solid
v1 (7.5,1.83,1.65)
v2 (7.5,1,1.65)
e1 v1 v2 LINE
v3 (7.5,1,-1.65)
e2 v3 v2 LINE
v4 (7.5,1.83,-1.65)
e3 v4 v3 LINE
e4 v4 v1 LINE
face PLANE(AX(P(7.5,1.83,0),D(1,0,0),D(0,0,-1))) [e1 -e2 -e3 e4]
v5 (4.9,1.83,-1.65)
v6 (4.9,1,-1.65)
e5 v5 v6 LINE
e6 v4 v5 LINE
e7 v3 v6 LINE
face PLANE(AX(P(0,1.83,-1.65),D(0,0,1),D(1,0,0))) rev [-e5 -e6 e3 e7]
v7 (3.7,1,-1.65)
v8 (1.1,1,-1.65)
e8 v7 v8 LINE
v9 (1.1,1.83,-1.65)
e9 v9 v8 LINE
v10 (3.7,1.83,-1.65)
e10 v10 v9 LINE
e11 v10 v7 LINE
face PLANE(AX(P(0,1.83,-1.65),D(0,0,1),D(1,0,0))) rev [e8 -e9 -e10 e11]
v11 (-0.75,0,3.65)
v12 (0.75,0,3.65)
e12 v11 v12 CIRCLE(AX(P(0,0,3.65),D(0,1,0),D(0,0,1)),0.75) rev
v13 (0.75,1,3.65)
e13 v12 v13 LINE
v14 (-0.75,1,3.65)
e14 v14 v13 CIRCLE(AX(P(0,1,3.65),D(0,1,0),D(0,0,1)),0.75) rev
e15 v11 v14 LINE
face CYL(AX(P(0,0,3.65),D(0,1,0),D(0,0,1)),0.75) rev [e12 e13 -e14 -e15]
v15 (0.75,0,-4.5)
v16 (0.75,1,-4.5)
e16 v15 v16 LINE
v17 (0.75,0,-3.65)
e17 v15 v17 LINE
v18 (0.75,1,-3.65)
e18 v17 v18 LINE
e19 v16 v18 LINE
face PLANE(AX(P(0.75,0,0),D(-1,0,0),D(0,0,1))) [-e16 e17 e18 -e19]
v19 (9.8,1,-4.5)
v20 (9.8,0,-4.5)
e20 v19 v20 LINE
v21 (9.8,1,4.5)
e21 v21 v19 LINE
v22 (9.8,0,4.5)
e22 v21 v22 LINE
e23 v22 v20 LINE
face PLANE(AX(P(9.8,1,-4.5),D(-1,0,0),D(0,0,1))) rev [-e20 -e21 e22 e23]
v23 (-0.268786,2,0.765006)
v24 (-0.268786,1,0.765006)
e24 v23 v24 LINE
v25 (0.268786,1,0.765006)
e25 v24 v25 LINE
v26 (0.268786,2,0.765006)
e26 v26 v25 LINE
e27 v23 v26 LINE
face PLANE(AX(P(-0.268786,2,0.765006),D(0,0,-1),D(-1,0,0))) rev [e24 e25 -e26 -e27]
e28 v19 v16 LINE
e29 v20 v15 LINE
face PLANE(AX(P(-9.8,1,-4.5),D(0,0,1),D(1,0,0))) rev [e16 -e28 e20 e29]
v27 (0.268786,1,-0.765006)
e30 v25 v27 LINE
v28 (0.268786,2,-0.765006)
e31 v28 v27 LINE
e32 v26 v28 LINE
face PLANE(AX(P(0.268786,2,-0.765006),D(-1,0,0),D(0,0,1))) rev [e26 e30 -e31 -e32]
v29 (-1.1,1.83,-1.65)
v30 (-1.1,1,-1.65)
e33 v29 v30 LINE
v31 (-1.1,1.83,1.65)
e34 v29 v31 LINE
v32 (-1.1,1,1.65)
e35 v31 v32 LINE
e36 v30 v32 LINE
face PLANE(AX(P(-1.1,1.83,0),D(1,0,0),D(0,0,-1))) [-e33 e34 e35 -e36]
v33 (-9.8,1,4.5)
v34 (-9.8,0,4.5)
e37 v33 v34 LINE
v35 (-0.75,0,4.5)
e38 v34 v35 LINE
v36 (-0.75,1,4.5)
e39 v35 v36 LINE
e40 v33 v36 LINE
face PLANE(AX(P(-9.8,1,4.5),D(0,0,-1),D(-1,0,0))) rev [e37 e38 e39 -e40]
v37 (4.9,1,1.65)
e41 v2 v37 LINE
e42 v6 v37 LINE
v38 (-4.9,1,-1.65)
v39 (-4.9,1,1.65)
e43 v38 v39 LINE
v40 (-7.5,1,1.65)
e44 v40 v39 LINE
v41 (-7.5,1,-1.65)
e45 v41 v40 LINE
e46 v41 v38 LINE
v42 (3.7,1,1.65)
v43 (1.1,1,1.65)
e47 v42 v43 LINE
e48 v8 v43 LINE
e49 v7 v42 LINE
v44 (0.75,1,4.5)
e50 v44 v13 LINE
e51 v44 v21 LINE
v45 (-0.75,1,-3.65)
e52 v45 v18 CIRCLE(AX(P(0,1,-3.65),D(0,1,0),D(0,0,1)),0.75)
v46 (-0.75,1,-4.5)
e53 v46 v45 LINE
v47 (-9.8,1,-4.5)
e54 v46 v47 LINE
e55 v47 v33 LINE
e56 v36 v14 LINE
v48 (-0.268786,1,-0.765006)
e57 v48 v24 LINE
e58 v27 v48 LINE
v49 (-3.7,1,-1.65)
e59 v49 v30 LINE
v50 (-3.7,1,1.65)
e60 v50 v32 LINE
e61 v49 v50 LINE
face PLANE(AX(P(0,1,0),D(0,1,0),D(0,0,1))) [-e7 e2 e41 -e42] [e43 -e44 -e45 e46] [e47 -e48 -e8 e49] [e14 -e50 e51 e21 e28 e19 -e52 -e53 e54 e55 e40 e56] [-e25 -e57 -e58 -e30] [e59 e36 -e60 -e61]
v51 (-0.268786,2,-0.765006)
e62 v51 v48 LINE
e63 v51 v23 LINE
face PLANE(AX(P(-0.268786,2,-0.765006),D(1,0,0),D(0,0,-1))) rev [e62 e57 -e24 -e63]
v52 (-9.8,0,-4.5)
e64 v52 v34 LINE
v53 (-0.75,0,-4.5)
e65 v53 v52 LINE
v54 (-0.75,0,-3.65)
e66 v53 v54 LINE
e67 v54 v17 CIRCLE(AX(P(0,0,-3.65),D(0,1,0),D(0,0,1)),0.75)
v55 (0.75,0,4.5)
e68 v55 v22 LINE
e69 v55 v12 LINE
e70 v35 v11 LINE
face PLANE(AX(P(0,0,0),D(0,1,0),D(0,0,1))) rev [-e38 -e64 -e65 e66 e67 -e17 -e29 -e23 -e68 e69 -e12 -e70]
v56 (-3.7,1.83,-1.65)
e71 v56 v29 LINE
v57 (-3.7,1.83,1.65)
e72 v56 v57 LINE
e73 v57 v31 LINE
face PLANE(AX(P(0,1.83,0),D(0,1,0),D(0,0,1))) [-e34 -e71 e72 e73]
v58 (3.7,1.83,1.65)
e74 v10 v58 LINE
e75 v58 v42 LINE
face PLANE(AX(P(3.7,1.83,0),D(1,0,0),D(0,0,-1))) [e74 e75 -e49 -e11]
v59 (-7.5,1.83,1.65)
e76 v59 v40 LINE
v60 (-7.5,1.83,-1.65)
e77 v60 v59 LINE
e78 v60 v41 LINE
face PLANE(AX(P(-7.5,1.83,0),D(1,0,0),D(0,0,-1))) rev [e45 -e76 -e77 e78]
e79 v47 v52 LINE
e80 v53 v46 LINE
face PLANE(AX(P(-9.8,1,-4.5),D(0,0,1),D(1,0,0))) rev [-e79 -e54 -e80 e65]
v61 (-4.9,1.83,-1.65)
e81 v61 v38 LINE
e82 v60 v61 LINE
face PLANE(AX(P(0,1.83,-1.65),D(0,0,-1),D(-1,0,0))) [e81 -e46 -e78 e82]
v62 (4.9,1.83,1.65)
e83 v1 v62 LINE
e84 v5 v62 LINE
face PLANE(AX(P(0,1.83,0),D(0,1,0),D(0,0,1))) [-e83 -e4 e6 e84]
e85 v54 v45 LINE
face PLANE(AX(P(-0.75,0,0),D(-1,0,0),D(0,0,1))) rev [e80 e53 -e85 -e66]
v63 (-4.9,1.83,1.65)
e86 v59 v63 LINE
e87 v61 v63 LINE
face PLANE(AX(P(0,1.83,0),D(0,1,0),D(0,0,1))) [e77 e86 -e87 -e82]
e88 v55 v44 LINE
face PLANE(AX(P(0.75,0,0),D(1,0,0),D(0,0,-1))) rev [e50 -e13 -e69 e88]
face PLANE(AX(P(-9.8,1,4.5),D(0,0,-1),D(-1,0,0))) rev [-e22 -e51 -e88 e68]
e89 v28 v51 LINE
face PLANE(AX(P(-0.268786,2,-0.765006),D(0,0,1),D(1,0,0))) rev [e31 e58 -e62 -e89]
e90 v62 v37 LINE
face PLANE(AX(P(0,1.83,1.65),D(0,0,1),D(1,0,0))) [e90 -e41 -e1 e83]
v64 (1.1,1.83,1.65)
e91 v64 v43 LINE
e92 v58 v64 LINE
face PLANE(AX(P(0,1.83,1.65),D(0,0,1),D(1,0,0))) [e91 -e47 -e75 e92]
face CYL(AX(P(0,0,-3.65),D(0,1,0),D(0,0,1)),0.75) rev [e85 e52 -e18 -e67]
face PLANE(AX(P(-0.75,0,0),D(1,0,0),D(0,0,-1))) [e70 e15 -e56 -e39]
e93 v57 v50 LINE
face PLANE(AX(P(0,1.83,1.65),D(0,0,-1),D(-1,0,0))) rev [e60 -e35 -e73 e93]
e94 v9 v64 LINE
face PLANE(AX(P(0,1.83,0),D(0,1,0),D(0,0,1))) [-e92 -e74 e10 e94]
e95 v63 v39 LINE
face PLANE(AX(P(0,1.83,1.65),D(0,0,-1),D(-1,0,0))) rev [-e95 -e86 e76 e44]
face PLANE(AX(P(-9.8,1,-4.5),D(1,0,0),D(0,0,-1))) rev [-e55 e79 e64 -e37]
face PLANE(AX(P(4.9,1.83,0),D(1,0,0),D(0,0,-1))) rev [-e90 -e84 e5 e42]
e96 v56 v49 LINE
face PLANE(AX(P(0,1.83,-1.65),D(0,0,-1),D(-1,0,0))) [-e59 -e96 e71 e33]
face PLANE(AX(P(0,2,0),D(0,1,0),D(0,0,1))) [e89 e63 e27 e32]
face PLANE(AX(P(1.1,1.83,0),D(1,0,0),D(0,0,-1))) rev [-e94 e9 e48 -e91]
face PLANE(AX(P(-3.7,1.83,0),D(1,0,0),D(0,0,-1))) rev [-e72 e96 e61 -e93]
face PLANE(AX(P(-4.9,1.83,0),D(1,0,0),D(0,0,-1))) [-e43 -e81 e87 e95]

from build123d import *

# Parameters (mm, degrees)
SKETCH_1_W          = 19.6
SKETCH_1_H          = 9
EXTRUDE_1_DEPTH     = 1
CUT_EXTRUDE_1_DEPTH = 11.830050785
SKETCH_4_W          = 2.6
SKETCH_4_H          = 1.65
SKETCH_4_H_2        = 3.3
EXTRUDE_2_DEPTH     = 0.83
SKETCH_3_W          = 0.537571624
SKETCH_3_H          = 1.530011548
EXTRUDE_3_DEPTH     = 1


with BuildPart() as part:
    # 草图1 → 凸台-拉伸1 (new body)
    with BuildSketch(Plane(origin=(0, 0, 0), x_dir=(1, 0, 0), z_dir=(0, 1, 0))):
        Rectangle(SKETCH_1_W, SKETCH_1_H)
    extrude(amount=EXTRUDE_1_DEPTH)

    # 草图2 → 切除-拉伸1 (cut, through all)
    with BuildSketch(Plane(origin=(0, 1, 0), x_dir=(1, 0, 0), z_dir=(0, 1, 0))):
        with BuildLine():
            Line((0.75, 4.5), (-0.75, 4.5))
            Line((-0.75, 4.5), (-0.75, 3.65))
            ThreePointArc((-0.75, 3.65), (0, 4.4), (0.75, 3.65))
            Line((0.75, 3.65), (0.75, 4.5))
        make_face()
        with BuildLine():
            ThreePointArc((0.75, 3.65), (0, 4.4), (-0.75, 3.65))
            Line((-0.75, 3.65), (0.75, 3.65))
        make_face()
        with BuildLine():
            Line((0.75, 3.65), (-0.75, 3.65))
            ThreePointArc((-0.75, 3.65), (0, 2.9), (0.75, 3.65))
        make_face()
        with BuildLine():
            ThreePointArc((0.75, -3.65), (0, -2.9), (-0.75, -3.65))
            Line((-0.75, -3.65), (0.75, -3.65))
        make_face()
        with BuildLine():
            Line((0.75, -3.65), (-0.75, -3.65))
            ThreePointArc((-0.75, -3.65), (0, -4.4), (0.75, -3.65))
        make_face()
        with BuildLine():
            ThreePointArc((0.75, -3.65), (0, -4.4), (-0.75, -3.65))
            Line((-0.75, -3.65), (-0.75, -4.5))
            Line((-0.75, -4.5), (0.75, -4.5))
            Line((0.75, -4.5), (0.75, -3.65))
        make_face()
    extrude(amount=-CUT_EXTRUDE_1_DEPTH, mode=Mode.SUBTRACT)

    # 草图4 → 凸台-拉伸2 (add)
    with BuildSketch(Plane(origin=(0, 1, 0), x_dir=(1, 0, 0), z_dir=(0, 1, 0))):
        with Locations((-6.2, 0.825)):
            Rectangle(SKETCH_4_W, SKETCH_4_H)
        with Locations((-6.2, -0.825)):
            Rectangle(SKETCH_4_W, SKETCH_4_H)
        with Locations((-2.4, 0.825)):
            Rectangle(SKETCH_4_W, SKETCH_4_H)
        with Locations((-2.4, -0.825)):
            Rectangle(SKETCH_4_W, SKETCH_4_H)
        with Locations((2.4, 0)):
            Rectangle(SKETCH_4_W, SKETCH_4_H_2)
        with Locations((6.2, 0)):
            Rectangle(SKETCH_4_W, SKETCH_4_H_2)
    extrude(amount=EXTRUDE_2_DEPTH)

    # 草图3 → 凸台-拉伸3 (add)
    with BuildSketch(Plane(origin=(0, 1, 0), x_dir=(1, 0, 0), z_dir=(0, 1, 0))):
        Rectangle(SKETCH_3_W, SKETCH_3_H)
    extrude(amount=EXTRUDE_3_DEPTH)


solid = part.part
